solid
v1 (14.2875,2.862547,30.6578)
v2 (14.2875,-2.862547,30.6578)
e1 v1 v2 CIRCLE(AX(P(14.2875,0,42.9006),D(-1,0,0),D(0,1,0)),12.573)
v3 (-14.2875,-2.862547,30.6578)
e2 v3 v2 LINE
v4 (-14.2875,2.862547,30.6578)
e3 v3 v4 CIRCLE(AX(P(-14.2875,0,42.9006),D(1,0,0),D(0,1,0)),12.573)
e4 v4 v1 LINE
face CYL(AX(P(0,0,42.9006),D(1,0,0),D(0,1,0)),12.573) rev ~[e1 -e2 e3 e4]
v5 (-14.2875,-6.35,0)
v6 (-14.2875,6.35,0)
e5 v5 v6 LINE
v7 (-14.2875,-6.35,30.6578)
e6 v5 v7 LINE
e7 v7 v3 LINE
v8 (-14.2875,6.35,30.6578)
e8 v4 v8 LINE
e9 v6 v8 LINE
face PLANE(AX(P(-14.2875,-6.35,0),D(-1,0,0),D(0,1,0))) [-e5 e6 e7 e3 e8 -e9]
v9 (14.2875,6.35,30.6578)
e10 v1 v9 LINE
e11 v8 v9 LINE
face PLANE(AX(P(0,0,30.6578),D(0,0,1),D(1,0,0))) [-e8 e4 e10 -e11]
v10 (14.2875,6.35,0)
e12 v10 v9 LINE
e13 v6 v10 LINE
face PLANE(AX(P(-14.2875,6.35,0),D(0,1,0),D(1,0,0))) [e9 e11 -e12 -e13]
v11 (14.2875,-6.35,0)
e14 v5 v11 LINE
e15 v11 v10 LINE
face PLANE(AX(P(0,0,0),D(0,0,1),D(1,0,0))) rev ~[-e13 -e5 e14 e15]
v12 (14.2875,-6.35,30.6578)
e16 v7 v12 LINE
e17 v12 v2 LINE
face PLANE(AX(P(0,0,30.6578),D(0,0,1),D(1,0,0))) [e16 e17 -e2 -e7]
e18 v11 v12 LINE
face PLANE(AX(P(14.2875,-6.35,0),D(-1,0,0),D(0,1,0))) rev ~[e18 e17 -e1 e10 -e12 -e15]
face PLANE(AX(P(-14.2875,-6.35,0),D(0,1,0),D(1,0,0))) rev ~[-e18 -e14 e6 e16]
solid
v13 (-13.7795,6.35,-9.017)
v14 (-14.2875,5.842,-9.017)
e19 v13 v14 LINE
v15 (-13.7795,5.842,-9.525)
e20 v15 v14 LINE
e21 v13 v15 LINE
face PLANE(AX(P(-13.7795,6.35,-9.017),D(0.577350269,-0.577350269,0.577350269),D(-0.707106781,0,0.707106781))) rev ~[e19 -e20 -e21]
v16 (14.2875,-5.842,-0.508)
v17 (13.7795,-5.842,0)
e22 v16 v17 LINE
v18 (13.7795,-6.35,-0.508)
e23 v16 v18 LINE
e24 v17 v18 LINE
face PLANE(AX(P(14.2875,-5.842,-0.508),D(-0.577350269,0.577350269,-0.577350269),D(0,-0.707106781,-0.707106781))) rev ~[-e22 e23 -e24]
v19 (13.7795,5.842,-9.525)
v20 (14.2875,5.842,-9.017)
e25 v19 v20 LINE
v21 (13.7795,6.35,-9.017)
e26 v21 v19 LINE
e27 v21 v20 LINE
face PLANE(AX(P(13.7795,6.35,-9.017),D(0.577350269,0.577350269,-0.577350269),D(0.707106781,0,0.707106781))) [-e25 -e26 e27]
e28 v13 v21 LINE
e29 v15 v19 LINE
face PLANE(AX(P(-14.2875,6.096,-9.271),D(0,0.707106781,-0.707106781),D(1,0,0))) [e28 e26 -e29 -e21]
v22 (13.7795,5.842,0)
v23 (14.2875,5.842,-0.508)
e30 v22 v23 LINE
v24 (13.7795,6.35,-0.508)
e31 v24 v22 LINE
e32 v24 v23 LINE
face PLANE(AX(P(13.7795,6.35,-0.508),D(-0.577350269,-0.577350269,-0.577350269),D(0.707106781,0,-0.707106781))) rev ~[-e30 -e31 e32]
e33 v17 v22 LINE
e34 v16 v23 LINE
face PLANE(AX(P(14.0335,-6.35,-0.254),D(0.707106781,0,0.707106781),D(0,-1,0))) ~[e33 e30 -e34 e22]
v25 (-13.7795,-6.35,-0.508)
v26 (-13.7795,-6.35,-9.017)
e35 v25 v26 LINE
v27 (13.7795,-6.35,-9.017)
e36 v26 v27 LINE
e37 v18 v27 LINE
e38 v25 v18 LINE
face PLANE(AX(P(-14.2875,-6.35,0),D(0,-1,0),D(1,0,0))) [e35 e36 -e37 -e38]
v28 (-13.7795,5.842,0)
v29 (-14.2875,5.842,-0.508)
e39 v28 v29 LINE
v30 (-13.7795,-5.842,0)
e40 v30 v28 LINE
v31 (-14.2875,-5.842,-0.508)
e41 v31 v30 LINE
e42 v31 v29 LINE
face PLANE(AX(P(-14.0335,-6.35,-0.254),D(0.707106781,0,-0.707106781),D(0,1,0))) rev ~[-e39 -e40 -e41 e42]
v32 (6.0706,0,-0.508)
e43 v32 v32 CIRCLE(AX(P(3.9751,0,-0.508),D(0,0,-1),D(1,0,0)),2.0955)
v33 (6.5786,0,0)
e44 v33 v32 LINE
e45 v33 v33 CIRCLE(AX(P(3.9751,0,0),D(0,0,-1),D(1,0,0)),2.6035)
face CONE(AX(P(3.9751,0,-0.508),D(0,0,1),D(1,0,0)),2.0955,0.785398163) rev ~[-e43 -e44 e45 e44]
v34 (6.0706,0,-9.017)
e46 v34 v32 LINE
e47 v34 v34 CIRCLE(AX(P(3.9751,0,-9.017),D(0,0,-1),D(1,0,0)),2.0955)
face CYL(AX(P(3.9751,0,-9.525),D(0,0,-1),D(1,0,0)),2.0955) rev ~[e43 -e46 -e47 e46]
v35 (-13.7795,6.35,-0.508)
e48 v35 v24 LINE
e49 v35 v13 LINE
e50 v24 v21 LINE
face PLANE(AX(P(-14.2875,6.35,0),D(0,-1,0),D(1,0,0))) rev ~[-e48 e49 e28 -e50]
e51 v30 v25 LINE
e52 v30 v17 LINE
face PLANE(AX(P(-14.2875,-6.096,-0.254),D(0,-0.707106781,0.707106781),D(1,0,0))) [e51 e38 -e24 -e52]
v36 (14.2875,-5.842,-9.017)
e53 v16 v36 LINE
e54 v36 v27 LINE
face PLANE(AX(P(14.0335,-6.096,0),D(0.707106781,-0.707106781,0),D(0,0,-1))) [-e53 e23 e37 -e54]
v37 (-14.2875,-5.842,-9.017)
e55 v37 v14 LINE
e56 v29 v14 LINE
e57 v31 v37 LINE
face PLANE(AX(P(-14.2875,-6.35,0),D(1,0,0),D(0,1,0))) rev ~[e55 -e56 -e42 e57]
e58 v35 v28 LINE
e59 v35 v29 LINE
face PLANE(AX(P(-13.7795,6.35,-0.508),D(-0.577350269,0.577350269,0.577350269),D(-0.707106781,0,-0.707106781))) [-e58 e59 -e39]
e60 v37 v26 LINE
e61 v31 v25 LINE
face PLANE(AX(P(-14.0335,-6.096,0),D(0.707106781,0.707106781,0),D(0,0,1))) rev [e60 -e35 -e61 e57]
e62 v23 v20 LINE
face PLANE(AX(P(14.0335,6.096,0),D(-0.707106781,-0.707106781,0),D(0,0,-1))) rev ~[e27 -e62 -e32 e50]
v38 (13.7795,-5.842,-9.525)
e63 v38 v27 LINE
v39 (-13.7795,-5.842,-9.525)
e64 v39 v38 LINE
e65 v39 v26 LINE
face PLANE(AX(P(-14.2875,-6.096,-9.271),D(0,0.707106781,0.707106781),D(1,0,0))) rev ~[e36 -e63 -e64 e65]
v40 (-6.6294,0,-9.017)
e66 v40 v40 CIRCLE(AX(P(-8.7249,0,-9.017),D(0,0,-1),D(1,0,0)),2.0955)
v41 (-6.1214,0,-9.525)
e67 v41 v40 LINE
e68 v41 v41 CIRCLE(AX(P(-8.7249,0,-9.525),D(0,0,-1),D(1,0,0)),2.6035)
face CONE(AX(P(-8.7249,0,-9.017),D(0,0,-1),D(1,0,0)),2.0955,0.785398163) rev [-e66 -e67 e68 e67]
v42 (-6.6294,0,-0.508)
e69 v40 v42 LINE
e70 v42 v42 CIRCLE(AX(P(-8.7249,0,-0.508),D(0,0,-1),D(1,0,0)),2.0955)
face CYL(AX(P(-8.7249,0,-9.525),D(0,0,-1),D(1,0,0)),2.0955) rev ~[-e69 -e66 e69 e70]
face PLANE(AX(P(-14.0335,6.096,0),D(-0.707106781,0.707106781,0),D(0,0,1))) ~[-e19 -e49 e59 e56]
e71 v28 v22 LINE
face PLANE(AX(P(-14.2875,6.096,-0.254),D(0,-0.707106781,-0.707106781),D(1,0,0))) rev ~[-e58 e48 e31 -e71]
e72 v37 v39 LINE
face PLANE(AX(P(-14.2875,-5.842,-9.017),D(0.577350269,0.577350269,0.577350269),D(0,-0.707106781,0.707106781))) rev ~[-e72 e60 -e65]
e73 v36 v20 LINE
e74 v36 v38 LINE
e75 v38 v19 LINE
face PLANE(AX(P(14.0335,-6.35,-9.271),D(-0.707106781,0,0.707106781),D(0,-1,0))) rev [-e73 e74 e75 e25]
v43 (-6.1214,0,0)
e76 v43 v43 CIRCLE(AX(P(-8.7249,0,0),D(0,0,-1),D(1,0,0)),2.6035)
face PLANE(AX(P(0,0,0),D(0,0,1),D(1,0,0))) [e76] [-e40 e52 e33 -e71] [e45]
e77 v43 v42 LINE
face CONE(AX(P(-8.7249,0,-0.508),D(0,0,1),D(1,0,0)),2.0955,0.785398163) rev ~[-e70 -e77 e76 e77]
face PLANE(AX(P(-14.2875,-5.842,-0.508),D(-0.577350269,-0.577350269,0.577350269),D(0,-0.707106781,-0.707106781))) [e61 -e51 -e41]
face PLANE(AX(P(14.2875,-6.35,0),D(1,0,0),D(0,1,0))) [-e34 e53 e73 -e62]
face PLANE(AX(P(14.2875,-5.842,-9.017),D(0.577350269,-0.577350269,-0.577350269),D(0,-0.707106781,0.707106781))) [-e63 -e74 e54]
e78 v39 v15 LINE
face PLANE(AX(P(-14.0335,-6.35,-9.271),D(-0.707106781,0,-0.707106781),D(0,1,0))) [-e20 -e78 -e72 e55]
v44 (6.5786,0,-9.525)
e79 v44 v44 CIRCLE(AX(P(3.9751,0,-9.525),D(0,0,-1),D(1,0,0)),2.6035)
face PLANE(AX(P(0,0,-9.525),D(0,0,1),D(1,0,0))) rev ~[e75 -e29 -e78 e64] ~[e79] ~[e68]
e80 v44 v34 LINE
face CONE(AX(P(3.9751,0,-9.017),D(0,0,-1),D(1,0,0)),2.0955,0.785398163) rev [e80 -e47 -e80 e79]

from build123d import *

# Parameters (mm, degrees)
F0_W          = 28.575
F0_H          = 12.7
F1_DEPTH      = 9.525
F2_DEPTH      = 30.6578
F3_R          = 12.573
F4_DEPTH      = 14.2885
F4_DEPTH_BACK = 14.2885
F5_R          = 2.0955
F6_DEPTH      = 9.525
F7_SIZE       = 0.508


with BuildPart() as f1:
    # F0 (on Top) → F1 (new body)
    with BuildSketch(Plane.XY):
        Rectangle(F0_W, F0_H)
    extrude(amount=-F1_DEPTH)


with BuildPart() as f2:
    # F2 (new): a face of the model
    f2_faces = [f1.part.faces().sort_by_distance(p)[0] for p in [
        (0, 0, 0),
    ]]
    extrude(f2_faces, amount=F2_DEPTH)

    # F3 (on Right) → F4 (cut, two sides)
    with BuildSketch(Plane.YZ) as f4_sk:
        with Locations((0, 42.9006)):
            Circle(F3_R)
    extrude(amount=-F4_DEPTH, mode=Mode.SUBTRACT)
    extrude(f4_sk.sketch, amount=F4_DEPTH_BACK, mode=Mode.SUBTRACT)


with BuildPart() as f1_1:
    add(f1.part)

    # F5 (on face) → F6 (cut, through all)
    with BuildSketch(Plane(origin=(0, 0, -9.525), x_dir=(1, 0, 0), z_dir=(0, 0, -1))):
        with Locations((-8.7249, 0)):
            Circle(F5_R)
        with Locations((3.9751, 0)):
            Circle(F5_R)
    extrude(amount=-F6_DEPTH, mode=Mode.SUBTRACT)

    # F7
    f7_edges = [f1_1.edges().sort_by_distance(p)[0] for p in [
        (0, -6.35, -9.525),
        (-14.2875, 0, -9.525),
        (14.2875, 0, -9.525),
        (0, 6.35, -9.525),
        (-10.8204, 0, -9.525),
        (1.8796, 0, -9.525),
        (0, -6.35, 0),
        (-14.2875, 0, 0),
        (14.2875, 0, 0),
        (0, 6.35, 0),
        (-10.8204, 0, 0),
        (1.8796, 0, 0),
        (-14.2875, -6.35, -4.7625),
        (14.2875, -6.35, -4.7625),
        (14.2875, 6.35, -4.7625),
        (-14.2875, 6.35, -4.7625),
    ]]
    chamfer(f7_edges, length=F7_SIZE)


solid = Compound([f2.part, f1_1.part])
